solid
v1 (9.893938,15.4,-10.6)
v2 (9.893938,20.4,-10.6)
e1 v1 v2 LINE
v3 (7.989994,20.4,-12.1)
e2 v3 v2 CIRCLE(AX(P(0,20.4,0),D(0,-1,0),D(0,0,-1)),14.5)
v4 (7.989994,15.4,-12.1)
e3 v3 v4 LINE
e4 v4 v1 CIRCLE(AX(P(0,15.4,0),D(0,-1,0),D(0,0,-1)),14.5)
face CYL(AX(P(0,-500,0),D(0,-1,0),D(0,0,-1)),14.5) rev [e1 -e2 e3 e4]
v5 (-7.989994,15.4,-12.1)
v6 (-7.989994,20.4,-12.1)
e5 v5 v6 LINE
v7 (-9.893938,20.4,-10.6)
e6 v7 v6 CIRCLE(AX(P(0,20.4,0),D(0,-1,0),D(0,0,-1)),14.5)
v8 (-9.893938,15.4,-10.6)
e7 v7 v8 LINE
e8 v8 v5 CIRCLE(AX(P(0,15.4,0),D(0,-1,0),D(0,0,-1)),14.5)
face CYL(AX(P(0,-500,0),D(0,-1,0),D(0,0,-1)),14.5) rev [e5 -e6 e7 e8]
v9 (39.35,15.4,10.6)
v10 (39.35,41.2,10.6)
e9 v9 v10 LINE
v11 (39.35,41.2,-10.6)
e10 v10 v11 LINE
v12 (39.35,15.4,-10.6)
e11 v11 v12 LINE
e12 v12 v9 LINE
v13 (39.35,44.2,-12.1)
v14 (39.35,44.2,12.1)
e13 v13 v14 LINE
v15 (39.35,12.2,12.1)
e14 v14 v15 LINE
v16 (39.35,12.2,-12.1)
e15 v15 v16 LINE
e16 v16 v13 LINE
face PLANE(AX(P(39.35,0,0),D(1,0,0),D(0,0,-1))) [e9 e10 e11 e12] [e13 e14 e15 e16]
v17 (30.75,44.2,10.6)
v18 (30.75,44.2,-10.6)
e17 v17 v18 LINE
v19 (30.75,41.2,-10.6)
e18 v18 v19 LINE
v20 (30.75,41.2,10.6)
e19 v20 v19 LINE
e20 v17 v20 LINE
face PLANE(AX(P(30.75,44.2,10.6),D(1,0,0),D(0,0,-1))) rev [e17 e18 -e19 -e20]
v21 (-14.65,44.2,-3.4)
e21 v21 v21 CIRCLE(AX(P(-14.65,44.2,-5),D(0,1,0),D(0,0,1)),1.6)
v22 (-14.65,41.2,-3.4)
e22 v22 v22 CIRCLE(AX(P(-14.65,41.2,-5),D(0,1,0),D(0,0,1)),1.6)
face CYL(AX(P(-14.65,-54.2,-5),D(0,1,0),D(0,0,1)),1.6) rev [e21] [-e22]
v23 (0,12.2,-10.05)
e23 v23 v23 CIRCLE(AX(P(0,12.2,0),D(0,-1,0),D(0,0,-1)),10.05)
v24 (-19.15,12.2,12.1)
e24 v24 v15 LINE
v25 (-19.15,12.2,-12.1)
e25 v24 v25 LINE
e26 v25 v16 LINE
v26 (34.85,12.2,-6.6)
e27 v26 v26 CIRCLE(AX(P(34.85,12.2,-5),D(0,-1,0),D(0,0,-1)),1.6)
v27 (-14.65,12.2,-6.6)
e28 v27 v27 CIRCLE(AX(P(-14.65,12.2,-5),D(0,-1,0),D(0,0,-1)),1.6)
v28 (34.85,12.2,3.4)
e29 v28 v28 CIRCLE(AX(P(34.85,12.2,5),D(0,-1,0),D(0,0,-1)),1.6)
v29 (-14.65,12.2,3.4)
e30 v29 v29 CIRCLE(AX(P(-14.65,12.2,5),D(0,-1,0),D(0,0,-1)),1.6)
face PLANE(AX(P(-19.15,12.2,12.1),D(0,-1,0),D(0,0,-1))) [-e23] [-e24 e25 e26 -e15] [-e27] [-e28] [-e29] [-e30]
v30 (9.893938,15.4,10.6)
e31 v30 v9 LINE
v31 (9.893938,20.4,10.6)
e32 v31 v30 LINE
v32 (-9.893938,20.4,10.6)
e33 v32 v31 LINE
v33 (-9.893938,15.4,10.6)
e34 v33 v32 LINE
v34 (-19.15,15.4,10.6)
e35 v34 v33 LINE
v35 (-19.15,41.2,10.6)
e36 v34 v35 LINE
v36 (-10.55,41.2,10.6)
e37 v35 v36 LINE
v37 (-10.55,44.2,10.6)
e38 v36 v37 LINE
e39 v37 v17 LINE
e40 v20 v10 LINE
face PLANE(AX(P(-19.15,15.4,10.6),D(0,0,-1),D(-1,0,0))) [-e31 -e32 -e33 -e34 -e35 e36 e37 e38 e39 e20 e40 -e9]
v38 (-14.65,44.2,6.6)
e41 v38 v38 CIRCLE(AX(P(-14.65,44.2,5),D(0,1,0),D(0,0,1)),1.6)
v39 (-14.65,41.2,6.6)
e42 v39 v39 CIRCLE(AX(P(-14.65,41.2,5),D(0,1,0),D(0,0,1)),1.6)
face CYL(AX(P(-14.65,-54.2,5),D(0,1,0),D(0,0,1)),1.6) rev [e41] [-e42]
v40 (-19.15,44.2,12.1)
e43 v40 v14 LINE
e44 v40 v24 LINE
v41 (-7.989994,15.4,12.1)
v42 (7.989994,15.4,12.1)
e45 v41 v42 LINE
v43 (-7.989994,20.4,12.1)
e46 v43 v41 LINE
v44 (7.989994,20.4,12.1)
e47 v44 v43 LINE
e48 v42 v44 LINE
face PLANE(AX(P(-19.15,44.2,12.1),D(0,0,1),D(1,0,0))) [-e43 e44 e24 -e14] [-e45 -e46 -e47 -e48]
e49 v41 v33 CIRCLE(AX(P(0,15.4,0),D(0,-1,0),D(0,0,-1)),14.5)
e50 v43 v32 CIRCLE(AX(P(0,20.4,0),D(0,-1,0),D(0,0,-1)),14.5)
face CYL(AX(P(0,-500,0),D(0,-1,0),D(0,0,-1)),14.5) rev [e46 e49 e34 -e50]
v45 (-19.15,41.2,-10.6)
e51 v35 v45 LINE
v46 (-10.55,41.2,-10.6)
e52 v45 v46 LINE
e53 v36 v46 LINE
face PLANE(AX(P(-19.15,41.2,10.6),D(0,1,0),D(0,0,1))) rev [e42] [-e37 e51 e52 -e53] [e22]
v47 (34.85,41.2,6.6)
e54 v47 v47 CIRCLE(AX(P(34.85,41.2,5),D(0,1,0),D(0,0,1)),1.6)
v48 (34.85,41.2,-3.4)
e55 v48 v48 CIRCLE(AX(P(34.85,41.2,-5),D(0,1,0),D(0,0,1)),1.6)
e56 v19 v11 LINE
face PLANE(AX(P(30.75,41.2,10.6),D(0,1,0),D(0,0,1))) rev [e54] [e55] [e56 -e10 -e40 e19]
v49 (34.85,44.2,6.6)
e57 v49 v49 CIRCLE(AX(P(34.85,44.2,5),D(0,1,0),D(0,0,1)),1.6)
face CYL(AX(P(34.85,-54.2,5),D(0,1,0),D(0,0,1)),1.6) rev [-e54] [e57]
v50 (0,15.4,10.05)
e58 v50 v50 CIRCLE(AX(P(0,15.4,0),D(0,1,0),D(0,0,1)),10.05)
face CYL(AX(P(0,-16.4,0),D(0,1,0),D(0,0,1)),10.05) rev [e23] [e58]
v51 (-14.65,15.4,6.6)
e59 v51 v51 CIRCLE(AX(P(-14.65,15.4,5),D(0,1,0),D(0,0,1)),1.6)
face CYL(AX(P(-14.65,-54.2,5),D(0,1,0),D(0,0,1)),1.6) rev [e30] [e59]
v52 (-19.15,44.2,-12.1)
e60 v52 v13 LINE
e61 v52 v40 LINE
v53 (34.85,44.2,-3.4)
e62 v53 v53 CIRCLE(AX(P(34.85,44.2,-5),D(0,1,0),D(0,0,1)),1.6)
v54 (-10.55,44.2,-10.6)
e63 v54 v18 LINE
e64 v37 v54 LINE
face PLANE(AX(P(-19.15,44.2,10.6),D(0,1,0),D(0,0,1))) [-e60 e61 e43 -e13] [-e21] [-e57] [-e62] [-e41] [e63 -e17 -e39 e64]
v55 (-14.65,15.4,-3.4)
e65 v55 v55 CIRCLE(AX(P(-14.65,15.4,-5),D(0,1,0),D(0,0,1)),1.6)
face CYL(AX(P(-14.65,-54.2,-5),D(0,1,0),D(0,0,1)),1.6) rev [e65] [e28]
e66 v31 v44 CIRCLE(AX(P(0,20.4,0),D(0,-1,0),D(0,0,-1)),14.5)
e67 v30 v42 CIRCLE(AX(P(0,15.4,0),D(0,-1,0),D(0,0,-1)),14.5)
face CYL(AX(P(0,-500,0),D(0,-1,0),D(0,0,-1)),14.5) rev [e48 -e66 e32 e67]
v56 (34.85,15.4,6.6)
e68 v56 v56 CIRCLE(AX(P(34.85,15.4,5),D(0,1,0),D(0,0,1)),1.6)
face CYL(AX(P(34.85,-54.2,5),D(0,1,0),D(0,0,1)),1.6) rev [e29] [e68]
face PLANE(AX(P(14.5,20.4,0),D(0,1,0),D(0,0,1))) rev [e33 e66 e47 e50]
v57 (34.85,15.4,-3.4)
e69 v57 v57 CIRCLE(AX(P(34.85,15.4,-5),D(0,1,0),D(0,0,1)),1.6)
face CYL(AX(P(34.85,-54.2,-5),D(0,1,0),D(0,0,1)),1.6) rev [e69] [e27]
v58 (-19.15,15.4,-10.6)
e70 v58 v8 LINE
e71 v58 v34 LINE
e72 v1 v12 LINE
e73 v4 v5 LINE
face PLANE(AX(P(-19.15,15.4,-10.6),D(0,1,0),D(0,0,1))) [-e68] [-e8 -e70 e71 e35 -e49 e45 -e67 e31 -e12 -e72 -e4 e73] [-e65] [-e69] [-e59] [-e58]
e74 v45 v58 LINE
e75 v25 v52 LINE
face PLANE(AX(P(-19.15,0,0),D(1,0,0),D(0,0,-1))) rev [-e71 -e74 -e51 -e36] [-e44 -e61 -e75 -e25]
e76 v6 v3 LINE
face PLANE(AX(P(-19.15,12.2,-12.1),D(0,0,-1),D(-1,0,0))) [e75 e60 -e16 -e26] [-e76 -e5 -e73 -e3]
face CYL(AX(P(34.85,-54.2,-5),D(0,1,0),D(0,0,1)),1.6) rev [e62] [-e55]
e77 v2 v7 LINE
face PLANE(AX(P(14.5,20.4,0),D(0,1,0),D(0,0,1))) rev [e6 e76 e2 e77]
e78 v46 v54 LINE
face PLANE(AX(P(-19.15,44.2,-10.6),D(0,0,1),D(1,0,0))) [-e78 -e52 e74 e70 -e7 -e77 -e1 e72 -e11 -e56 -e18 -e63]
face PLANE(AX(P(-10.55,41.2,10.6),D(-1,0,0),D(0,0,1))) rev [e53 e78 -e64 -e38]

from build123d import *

# Parameters (mm, degrees)
CHANNEL_DEPTH             = 39.35
CHANNEL_DEPTH_BACK        = 19.15
FLANGES_SKETCH_W          = 8.6
FLANGES_SKETCH_H          = 3
FLANGES_DEPTH             = 10.6
SERVO_HOLES_SKETCH_R      = 1.6
SERVO_HOLES_DEPTH         = 54.2
PANEL_HOLE_SKETCH_R       = 10.05
PANEL_HOLE_DEPTH          = 16.4
PANEL_NUT_RELIEF_SKETCH_W = 14.5
PANEL_NUT_RELIEF_SKETCH_H = 5


with BuildPart() as part:
    # Channel Sketch → Channel (new, two sides: drawn at the far end of the back side and taken through both)
    with BuildSketch(Plane(origin=(0, 0, 0), x_dir=(0, 0, -1), z_dir=(1, 0, 0)).offset(-CHANNEL_DEPTH_BACK)):
        Polygon((-12.1, 12.2), (12.1, 12.2), (12.1, 44.2), (10.6, 44.2), (10.6, 15.4), (-10.6, 15.4), (-10.6, 44.2), (-12.1, 44.2), align=None)
    extrude(amount=CHANNEL_DEPTH + CHANNEL_DEPTH_BACK)

    # Flanges Sketch → Flanges (add, symmetric)
    with BuildSketch(Plane.XY):
        with Locations((-14.85, 42.7)):
            Rectangle(FLANGES_SKETCH_W, FLANGES_SKETCH_H)
        with Locations((35.05, 42.7)):
            Rectangle(FLANGES_SKETCH_W, FLANGES_SKETCH_H)
    extrude(amount=FLANGES_DEPTH, both=True)

    # Servo Holes Sketch → Servo Holes (cut, symmetric)
    with BuildSketch(Plane(origin=(0, 0, 0), x_dir=(1, 0, 0), z_dir=(0, 1, 0))):
        with Locations((-14.65, -5)):
            Circle(SERVO_HOLES_SKETCH_R)
        with Locations((-14.65, 5)):
            Circle(SERVO_HOLES_SKETCH_R)
        with Locations((34.85, -5)):
            Circle(SERVO_HOLES_SKETCH_R)
        with Locations((34.85, 5)):
            Circle(SERVO_HOLES_SKETCH_R)
    extrude(amount=SERVO_HOLES_DEPTH, both=True, mode=Mode.SUBTRACT)

    # Panel Hole Sketch → Panel Hole (cut, symmetric)
    with BuildSketch(Plane(origin=(0, 0, 0), x_dir=(1, 0, 0), z_dir=(0, 1, 0))):
        Circle(PANEL_HOLE_SKETCH_R)
    extrude(amount=PANEL_HOLE_DEPTH, both=True, mode=Mode.SUBTRACT)

    # Panel Nut Relief Sketch → Panel Nut Relief (revolve, cut)
    with BuildSketch(Plane.XY):
        with Locations((7.25, 17.9)):
            Rectangle(PANEL_NUT_RELIEF_SKETCH_W, PANEL_NUT_RELIEF_SKETCH_H)
    revolve(axis=Axis((0, -500, 0), (0, 1, 0)), mode=Mode.SUBTRACT)


solid = part.part
